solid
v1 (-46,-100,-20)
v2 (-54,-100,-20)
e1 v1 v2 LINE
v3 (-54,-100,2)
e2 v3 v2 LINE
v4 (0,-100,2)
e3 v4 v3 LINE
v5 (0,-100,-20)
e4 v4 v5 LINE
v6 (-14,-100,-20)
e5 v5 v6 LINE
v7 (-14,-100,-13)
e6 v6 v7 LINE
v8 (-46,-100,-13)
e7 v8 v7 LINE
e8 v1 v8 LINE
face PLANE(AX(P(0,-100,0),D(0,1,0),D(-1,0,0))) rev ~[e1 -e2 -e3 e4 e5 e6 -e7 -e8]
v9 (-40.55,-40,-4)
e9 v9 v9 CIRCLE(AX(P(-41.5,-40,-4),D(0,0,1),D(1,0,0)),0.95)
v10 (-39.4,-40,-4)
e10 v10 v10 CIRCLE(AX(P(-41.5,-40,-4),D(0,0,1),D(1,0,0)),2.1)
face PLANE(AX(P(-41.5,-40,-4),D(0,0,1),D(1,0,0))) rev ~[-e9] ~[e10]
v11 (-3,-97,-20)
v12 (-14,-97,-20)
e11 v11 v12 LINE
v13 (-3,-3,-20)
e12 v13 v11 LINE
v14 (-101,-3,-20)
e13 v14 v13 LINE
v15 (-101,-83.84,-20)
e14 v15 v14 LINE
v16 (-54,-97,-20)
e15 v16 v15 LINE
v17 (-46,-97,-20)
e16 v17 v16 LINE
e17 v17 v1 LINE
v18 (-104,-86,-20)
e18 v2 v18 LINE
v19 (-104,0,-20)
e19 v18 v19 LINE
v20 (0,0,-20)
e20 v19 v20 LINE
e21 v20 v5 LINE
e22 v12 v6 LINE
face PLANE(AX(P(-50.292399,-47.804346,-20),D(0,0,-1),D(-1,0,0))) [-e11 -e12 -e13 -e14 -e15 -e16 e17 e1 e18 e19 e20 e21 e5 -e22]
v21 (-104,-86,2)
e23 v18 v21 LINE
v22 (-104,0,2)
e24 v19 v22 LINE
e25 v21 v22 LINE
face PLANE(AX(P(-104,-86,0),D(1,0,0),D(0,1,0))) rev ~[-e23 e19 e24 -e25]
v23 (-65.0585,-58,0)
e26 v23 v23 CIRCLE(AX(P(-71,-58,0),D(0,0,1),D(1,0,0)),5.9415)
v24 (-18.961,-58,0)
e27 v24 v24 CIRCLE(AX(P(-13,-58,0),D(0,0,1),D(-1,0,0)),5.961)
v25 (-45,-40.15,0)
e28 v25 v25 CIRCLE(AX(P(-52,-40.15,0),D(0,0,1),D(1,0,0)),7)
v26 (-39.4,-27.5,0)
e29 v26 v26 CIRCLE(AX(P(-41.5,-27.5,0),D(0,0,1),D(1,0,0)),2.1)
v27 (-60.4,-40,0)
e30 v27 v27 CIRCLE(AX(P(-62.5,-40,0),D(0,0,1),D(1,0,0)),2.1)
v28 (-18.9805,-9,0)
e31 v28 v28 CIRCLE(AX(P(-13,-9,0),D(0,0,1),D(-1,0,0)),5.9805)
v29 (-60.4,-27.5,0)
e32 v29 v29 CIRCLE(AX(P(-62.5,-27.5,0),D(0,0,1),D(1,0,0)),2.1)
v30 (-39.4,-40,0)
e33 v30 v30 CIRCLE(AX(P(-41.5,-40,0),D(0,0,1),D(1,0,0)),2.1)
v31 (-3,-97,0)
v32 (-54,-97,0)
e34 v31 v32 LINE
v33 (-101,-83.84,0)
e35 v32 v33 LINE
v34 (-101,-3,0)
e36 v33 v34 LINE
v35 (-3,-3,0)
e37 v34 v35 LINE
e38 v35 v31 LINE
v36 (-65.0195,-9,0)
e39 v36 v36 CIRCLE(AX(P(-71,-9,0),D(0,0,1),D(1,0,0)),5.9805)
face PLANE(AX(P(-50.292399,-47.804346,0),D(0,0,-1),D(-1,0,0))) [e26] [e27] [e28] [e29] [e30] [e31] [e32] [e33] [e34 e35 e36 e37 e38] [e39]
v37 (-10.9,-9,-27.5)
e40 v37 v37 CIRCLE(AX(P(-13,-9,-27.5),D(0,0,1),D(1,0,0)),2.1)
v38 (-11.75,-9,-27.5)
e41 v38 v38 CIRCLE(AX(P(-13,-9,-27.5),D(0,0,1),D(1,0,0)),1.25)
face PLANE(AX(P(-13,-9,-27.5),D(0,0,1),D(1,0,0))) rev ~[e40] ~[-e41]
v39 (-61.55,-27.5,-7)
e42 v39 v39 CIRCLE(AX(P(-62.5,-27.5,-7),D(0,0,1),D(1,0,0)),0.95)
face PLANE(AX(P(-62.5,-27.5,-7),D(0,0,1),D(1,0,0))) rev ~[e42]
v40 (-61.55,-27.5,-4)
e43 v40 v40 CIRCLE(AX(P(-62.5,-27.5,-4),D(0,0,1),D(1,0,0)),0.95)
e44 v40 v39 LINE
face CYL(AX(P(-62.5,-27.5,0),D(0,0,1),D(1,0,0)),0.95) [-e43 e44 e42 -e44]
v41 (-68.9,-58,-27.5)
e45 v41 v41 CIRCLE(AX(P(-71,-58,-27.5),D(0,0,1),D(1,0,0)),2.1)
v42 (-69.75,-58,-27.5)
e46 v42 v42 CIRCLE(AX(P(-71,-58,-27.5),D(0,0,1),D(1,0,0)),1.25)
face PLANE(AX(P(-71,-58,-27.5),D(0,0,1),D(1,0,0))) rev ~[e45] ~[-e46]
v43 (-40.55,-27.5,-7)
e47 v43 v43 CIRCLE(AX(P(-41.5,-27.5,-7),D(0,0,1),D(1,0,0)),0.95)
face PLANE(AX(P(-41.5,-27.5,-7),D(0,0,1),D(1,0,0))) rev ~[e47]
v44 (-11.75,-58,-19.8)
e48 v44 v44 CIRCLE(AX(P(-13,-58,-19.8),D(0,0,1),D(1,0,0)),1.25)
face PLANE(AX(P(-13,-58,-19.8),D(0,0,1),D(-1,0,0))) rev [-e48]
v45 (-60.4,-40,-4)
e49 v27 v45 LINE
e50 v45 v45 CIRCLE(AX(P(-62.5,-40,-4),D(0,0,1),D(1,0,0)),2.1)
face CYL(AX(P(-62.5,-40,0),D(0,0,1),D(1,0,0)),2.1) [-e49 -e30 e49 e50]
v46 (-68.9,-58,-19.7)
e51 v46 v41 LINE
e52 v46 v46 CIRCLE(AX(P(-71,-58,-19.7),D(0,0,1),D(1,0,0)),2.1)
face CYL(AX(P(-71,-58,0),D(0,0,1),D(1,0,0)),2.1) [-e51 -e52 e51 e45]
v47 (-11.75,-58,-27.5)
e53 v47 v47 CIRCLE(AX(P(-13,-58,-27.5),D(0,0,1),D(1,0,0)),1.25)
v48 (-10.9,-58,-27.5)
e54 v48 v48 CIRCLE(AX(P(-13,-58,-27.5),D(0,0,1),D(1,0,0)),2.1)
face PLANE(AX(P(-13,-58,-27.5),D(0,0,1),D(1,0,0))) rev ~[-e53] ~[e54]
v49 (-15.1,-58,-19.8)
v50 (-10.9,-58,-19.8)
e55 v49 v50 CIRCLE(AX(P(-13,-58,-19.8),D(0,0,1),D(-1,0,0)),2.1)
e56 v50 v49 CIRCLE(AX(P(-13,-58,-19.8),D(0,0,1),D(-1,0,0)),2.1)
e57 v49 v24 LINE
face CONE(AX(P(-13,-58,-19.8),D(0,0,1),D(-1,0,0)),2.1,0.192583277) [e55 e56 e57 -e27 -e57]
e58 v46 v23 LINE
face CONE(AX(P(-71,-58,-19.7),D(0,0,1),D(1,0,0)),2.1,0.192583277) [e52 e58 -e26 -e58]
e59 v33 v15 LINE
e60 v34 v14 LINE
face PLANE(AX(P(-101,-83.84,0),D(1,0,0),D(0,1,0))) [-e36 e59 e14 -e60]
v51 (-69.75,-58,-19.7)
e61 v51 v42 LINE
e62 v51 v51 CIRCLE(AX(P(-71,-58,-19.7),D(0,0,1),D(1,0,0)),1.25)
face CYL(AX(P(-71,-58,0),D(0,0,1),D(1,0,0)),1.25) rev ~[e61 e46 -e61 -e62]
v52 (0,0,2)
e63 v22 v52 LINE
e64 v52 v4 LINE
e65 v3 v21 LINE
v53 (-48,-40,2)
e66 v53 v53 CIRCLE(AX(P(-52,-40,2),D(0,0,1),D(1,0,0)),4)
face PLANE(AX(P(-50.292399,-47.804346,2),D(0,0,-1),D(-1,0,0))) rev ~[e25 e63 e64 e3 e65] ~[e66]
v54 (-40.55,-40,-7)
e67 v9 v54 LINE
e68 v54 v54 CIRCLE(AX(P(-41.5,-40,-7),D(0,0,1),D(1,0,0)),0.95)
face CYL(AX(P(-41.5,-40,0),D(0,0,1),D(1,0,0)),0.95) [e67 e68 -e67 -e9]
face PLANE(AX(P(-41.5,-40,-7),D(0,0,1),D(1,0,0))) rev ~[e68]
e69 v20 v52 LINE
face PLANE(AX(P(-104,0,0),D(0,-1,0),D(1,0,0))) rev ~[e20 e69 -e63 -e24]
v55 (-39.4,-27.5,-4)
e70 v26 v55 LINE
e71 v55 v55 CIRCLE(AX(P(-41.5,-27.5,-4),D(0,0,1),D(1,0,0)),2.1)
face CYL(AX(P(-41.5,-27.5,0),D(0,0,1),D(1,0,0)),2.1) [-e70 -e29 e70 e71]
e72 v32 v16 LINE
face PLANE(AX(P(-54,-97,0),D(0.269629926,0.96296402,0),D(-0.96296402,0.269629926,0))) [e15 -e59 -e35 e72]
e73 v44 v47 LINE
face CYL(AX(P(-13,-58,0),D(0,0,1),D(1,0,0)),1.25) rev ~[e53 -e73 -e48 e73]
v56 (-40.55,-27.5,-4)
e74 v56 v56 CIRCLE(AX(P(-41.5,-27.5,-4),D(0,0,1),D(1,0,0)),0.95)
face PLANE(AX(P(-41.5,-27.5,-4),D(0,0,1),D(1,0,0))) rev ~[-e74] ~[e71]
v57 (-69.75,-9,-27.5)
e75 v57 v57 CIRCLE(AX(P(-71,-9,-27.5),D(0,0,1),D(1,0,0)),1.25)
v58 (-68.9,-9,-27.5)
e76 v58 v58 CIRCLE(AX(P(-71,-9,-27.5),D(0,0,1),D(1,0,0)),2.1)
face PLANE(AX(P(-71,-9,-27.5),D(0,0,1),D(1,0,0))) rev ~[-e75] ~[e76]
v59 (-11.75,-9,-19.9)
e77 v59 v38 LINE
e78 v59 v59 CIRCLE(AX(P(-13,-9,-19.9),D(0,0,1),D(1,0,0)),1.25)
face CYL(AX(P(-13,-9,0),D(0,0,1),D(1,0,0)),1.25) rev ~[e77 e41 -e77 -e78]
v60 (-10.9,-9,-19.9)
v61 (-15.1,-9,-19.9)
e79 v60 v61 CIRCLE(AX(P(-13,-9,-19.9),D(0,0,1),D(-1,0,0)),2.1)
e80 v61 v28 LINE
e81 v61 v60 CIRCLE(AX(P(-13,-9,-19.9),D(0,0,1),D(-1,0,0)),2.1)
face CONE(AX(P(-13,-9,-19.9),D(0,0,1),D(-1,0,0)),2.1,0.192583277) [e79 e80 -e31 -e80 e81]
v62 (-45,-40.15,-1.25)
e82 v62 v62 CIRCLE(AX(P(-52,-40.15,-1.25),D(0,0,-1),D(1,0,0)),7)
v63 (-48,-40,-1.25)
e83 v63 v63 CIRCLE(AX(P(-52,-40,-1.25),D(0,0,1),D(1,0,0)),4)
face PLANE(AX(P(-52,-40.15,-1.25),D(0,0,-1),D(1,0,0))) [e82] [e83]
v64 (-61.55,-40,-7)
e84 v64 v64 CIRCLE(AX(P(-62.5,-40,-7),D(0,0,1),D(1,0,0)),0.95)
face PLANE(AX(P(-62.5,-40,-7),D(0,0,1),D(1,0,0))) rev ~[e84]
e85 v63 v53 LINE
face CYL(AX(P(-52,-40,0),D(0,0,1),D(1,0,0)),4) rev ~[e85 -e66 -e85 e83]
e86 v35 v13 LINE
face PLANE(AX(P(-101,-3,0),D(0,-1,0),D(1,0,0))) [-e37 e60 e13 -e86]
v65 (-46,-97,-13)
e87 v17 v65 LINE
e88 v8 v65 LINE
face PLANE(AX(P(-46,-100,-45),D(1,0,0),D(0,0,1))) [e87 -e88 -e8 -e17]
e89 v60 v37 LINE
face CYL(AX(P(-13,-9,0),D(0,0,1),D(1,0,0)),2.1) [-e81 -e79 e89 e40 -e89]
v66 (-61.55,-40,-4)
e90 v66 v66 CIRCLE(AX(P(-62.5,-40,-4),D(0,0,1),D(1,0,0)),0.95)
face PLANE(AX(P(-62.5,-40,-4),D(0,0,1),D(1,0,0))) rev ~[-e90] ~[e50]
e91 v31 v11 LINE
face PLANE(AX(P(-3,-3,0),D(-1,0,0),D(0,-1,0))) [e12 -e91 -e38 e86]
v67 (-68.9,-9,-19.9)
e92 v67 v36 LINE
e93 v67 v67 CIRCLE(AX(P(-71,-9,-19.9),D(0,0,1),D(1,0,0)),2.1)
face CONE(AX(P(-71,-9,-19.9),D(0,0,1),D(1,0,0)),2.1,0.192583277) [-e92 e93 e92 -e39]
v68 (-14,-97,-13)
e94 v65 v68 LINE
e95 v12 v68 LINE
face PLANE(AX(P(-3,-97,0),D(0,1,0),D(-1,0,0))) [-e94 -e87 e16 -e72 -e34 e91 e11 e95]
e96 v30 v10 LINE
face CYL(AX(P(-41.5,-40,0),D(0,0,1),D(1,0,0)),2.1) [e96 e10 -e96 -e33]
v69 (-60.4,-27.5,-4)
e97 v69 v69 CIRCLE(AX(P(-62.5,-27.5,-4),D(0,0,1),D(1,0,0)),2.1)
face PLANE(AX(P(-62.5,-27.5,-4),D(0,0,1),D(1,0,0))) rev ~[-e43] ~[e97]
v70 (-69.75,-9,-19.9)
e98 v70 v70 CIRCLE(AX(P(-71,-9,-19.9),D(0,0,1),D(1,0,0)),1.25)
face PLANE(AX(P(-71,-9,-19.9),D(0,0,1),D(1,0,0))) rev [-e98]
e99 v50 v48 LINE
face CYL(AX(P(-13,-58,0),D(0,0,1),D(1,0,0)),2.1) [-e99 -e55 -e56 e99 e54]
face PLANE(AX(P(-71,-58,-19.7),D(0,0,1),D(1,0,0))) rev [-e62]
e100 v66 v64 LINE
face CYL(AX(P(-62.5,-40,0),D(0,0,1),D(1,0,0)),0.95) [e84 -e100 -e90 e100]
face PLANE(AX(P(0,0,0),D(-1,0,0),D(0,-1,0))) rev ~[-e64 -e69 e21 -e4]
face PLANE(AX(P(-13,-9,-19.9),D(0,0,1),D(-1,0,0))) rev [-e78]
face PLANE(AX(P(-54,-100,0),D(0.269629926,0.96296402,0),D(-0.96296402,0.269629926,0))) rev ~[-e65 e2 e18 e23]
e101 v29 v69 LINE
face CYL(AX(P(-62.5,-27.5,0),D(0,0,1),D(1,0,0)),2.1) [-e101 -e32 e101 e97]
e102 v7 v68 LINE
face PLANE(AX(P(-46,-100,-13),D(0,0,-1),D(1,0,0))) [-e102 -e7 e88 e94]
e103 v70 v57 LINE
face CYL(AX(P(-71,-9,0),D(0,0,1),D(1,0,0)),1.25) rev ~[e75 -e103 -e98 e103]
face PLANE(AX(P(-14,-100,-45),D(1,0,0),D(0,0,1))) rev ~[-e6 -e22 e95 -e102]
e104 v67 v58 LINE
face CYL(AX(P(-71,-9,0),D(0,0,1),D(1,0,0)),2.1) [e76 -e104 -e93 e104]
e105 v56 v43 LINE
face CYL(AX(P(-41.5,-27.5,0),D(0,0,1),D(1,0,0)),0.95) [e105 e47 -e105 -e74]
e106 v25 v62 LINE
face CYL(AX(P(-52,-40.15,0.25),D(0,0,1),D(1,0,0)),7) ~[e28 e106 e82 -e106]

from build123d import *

# Parameters (mm, degrees)
SKETCH009_W      = 32
SKETCH009_H      = 32
EXTRUDE009_DEPTH = 3
SKETCH005_R      = 2.1
EXTRUDE007_DEPTH = 4
SKETCH008_R      = 4
EXTRUDE008_DEPTH = 5
CYLINDER_R       = 7
CYLINDER_DEPTH   = 1.5
EXTRUDE006_DEPTH = 2
SKETCH012_R      = 0.95
EXTRUDE011_DEPTH = 7
SKETCH013_R      = 2.1
SKETCH013_R_2    = 1.25
EXTRUDE012_DEPTH = 27.5
EXTRUDE005_DEPTH = 20


with BuildPart() as cone004:
    # Cone004 → Cone004 (revolve)
    with BuildSketch(Plane(origin=(-13, -9, -19.9), x_dir=(-1, 0, 0), z_dir=(0, 1, 0))):
        Polygon((0, 0), (2.1, 0), (6, 20), (0, 20), align=None)
    revolve(axis=Axis((-13, -9, -19.9), (0, 0, 1)))


with BuildPart() as cone005:
    # Cone005 → Cone005 (revolve)
    with BuildSketch(Plane(origin=(-13, -58, -19.8), x_dir=(-1, 0, 0), z_dir=(0, 1, 0))):
        Polygon((0, 0), (2.1, 0), (6, 20), (0, 20), align=None)
    revolve(axis=Axis((-13, -58, -19.8), (0, 0, 1)))


with BuildPart() as cone006:
    # Cone006 → Cone006 (revolve)
    with BuildSketch(Plane(origin=(-71, -9, -19.9), x_dir=(1, 0, 0), z_dir=(0, -1, 0))):
        Polygon((0, 0), (2.1, 0), (6, 20), (0, 20), align=None)
    revolve(axis=Axis((-71, -9, -19.9), (0, 0, 1)))


with BuildPart() as cone007:
    # Cone007 → Cone007 (revolve)
    with BuildSketch(Plane(origin=(-71, -58, -19.7), x_dir=(1, 0, 0), z_dir=(0, -1, 0))):
        Polygon((0, 0), (2.1, 0), (6, 20), (0, 20), align=None)
    revolve(axis=Axis((-71, -58, -19.7), (0, 0, 1)))


with BuildPart() as extrude009:
    # Sketch009 (on Face3 of Fusion001) → Extrude009 (new body)
    with BuildSketch(Plane.XZ.offset(100)):
        with Locations((-30, -29)):
            Rectangle(SKETCH009_W, SKETCH009_H)
    extrude(amount=-EXTRUDE009_DEPTH)


with BuildPart() as extrude007:
    # Sketch005 → Extrude007 (new body)
    with BuildSketch(Plane.XY):
        with Locations((-62.5, -27.5)):
            Circle(SKETCH005_R)
        with Locations((-41.5, -27.5)):
            Circle(SKETCH005_R)
        with Locations((-41.5, -40)):
            Circle(SKETCH005_R)
        with Locations((-62.5, -40)):
            Circle(SKETCH005_R)
    extrude(amount=-EXTRUDE007_DEPTH)


with BuildPart() as extrude008:
    # Sketch008 → Extrude008 (new body, symmetric)
    with BuildSketch(Plane.XY):
        with Locations((-52, -40)):
            Circle(SKETCH008_R)
    extrude(amount=EXTRUDE008_DEPTH, both=True)


with BuildPart() as cylinder:
    # Cylinder → Cylinder (new body)
    with BuildSketch(Plane(origin=(-52, -40.15, 0.25), x_dir=(1, 0, 0), z_dir=(0, 0, -1))):
        Circle(CYLINDER_R)
    extrude(amount=CYLINDER_DEPTH)


with BuildPart() as cut002:
    # Sketch007 → Extrude006 (new body)
    with BuildSketch(Plane.XY):
        Polygon((0, 0), (0, -100), (-54, -100), (-104, -86), (-104, 0), align=None)
    extrude(amount=EXTRUDE006_DEPTH)

    # Fusion005: union Cylinder
    add(cylinder.part)

    # Cut002: cut Extrude008
    add(extrude008.part, mode=Mode.SUBTRACT)


with BuildPart() as extrude011:
    # Sketch012 → Extrude011 (new body)
    with BuildSketch(Plane.XY):
        with Locations((-62.5, -27.5)):
            Circle(SKETCH012_R)
        with Locations((-41.5, -27.5)):
            Circle(SKETCH012_R)
        with Locations((-41.5, -40)):
            Circle(SKETCH012_R)
        with Locations((-62.5, -40)):
            Circle(SKETCH012_R)
    extrude(amount=-EXTRUDE011_DEPTH)


with BuildPart() as extrude012:
    # Sketch013 → Extrude012 (new body)
    with BuildSketch(Plane.XY):
        with Locations((-71, -9)):
            Circle(SKETCH013_R)
        with Locations((-71, -9)):
            Circle(SKETCH013_R_2, mode=Mode.SUBTRACT)
        with Locations((-13, -9)):
            Circle(SKETCH013_R)
        with Locations((-13, -9)):
            Circle(SKETCH013_R_2, mode=Mode.SUBTRACT)
        with Locations((-13, -58)):
            Circle(SKETCH013_R)
        with Locations((-13, -58)):
            Circle(SKETCH013_R_2, mode=Mode.SUBTRACT)
        with Locations((-71, -58)):
            Circle(SKETCH013_R)
        with Locations((-71, -58)):
            Circle(SKETCH013_R_2, mode=Mode.SUBTRACT)
    extrude(amount=-EXTRUDE012_DEPTH)


with BuildPart() as fusion004:
    # Sketch006 → Extrude005 (new body)
    with BuildSketch(Plane.XY):
        Polygon((0, 0), (0, -100), (-54, -100), (-104, -86), (-104, 0), align=None)
        Polygon((-3, -3), (-3, -97), (-54, -97), (-101, -83.84), (-101, -3), align=None, mode=Mode.SUBTRACT)
    extrude(amount=-EXTRUDE005_DEPTH)

    # Fusion001: union Extrude007, Cut002, Extrude011, Extrude012
    add(extrude007.part)
    add(cut002.part)
    add(extrude011.part)
    add(extrude012.part)

    # Cut003: cut Extrude009
    add(extrude009.part, mode=Mode.SUBTRACT)

    # Fusion004: union Cone004, Cone005, Cone006, Cone007
    add(cone004.part)
    add(cone005.part)
    add(cone006.part)
    add(cone007.part)


solid = fusion004.part
